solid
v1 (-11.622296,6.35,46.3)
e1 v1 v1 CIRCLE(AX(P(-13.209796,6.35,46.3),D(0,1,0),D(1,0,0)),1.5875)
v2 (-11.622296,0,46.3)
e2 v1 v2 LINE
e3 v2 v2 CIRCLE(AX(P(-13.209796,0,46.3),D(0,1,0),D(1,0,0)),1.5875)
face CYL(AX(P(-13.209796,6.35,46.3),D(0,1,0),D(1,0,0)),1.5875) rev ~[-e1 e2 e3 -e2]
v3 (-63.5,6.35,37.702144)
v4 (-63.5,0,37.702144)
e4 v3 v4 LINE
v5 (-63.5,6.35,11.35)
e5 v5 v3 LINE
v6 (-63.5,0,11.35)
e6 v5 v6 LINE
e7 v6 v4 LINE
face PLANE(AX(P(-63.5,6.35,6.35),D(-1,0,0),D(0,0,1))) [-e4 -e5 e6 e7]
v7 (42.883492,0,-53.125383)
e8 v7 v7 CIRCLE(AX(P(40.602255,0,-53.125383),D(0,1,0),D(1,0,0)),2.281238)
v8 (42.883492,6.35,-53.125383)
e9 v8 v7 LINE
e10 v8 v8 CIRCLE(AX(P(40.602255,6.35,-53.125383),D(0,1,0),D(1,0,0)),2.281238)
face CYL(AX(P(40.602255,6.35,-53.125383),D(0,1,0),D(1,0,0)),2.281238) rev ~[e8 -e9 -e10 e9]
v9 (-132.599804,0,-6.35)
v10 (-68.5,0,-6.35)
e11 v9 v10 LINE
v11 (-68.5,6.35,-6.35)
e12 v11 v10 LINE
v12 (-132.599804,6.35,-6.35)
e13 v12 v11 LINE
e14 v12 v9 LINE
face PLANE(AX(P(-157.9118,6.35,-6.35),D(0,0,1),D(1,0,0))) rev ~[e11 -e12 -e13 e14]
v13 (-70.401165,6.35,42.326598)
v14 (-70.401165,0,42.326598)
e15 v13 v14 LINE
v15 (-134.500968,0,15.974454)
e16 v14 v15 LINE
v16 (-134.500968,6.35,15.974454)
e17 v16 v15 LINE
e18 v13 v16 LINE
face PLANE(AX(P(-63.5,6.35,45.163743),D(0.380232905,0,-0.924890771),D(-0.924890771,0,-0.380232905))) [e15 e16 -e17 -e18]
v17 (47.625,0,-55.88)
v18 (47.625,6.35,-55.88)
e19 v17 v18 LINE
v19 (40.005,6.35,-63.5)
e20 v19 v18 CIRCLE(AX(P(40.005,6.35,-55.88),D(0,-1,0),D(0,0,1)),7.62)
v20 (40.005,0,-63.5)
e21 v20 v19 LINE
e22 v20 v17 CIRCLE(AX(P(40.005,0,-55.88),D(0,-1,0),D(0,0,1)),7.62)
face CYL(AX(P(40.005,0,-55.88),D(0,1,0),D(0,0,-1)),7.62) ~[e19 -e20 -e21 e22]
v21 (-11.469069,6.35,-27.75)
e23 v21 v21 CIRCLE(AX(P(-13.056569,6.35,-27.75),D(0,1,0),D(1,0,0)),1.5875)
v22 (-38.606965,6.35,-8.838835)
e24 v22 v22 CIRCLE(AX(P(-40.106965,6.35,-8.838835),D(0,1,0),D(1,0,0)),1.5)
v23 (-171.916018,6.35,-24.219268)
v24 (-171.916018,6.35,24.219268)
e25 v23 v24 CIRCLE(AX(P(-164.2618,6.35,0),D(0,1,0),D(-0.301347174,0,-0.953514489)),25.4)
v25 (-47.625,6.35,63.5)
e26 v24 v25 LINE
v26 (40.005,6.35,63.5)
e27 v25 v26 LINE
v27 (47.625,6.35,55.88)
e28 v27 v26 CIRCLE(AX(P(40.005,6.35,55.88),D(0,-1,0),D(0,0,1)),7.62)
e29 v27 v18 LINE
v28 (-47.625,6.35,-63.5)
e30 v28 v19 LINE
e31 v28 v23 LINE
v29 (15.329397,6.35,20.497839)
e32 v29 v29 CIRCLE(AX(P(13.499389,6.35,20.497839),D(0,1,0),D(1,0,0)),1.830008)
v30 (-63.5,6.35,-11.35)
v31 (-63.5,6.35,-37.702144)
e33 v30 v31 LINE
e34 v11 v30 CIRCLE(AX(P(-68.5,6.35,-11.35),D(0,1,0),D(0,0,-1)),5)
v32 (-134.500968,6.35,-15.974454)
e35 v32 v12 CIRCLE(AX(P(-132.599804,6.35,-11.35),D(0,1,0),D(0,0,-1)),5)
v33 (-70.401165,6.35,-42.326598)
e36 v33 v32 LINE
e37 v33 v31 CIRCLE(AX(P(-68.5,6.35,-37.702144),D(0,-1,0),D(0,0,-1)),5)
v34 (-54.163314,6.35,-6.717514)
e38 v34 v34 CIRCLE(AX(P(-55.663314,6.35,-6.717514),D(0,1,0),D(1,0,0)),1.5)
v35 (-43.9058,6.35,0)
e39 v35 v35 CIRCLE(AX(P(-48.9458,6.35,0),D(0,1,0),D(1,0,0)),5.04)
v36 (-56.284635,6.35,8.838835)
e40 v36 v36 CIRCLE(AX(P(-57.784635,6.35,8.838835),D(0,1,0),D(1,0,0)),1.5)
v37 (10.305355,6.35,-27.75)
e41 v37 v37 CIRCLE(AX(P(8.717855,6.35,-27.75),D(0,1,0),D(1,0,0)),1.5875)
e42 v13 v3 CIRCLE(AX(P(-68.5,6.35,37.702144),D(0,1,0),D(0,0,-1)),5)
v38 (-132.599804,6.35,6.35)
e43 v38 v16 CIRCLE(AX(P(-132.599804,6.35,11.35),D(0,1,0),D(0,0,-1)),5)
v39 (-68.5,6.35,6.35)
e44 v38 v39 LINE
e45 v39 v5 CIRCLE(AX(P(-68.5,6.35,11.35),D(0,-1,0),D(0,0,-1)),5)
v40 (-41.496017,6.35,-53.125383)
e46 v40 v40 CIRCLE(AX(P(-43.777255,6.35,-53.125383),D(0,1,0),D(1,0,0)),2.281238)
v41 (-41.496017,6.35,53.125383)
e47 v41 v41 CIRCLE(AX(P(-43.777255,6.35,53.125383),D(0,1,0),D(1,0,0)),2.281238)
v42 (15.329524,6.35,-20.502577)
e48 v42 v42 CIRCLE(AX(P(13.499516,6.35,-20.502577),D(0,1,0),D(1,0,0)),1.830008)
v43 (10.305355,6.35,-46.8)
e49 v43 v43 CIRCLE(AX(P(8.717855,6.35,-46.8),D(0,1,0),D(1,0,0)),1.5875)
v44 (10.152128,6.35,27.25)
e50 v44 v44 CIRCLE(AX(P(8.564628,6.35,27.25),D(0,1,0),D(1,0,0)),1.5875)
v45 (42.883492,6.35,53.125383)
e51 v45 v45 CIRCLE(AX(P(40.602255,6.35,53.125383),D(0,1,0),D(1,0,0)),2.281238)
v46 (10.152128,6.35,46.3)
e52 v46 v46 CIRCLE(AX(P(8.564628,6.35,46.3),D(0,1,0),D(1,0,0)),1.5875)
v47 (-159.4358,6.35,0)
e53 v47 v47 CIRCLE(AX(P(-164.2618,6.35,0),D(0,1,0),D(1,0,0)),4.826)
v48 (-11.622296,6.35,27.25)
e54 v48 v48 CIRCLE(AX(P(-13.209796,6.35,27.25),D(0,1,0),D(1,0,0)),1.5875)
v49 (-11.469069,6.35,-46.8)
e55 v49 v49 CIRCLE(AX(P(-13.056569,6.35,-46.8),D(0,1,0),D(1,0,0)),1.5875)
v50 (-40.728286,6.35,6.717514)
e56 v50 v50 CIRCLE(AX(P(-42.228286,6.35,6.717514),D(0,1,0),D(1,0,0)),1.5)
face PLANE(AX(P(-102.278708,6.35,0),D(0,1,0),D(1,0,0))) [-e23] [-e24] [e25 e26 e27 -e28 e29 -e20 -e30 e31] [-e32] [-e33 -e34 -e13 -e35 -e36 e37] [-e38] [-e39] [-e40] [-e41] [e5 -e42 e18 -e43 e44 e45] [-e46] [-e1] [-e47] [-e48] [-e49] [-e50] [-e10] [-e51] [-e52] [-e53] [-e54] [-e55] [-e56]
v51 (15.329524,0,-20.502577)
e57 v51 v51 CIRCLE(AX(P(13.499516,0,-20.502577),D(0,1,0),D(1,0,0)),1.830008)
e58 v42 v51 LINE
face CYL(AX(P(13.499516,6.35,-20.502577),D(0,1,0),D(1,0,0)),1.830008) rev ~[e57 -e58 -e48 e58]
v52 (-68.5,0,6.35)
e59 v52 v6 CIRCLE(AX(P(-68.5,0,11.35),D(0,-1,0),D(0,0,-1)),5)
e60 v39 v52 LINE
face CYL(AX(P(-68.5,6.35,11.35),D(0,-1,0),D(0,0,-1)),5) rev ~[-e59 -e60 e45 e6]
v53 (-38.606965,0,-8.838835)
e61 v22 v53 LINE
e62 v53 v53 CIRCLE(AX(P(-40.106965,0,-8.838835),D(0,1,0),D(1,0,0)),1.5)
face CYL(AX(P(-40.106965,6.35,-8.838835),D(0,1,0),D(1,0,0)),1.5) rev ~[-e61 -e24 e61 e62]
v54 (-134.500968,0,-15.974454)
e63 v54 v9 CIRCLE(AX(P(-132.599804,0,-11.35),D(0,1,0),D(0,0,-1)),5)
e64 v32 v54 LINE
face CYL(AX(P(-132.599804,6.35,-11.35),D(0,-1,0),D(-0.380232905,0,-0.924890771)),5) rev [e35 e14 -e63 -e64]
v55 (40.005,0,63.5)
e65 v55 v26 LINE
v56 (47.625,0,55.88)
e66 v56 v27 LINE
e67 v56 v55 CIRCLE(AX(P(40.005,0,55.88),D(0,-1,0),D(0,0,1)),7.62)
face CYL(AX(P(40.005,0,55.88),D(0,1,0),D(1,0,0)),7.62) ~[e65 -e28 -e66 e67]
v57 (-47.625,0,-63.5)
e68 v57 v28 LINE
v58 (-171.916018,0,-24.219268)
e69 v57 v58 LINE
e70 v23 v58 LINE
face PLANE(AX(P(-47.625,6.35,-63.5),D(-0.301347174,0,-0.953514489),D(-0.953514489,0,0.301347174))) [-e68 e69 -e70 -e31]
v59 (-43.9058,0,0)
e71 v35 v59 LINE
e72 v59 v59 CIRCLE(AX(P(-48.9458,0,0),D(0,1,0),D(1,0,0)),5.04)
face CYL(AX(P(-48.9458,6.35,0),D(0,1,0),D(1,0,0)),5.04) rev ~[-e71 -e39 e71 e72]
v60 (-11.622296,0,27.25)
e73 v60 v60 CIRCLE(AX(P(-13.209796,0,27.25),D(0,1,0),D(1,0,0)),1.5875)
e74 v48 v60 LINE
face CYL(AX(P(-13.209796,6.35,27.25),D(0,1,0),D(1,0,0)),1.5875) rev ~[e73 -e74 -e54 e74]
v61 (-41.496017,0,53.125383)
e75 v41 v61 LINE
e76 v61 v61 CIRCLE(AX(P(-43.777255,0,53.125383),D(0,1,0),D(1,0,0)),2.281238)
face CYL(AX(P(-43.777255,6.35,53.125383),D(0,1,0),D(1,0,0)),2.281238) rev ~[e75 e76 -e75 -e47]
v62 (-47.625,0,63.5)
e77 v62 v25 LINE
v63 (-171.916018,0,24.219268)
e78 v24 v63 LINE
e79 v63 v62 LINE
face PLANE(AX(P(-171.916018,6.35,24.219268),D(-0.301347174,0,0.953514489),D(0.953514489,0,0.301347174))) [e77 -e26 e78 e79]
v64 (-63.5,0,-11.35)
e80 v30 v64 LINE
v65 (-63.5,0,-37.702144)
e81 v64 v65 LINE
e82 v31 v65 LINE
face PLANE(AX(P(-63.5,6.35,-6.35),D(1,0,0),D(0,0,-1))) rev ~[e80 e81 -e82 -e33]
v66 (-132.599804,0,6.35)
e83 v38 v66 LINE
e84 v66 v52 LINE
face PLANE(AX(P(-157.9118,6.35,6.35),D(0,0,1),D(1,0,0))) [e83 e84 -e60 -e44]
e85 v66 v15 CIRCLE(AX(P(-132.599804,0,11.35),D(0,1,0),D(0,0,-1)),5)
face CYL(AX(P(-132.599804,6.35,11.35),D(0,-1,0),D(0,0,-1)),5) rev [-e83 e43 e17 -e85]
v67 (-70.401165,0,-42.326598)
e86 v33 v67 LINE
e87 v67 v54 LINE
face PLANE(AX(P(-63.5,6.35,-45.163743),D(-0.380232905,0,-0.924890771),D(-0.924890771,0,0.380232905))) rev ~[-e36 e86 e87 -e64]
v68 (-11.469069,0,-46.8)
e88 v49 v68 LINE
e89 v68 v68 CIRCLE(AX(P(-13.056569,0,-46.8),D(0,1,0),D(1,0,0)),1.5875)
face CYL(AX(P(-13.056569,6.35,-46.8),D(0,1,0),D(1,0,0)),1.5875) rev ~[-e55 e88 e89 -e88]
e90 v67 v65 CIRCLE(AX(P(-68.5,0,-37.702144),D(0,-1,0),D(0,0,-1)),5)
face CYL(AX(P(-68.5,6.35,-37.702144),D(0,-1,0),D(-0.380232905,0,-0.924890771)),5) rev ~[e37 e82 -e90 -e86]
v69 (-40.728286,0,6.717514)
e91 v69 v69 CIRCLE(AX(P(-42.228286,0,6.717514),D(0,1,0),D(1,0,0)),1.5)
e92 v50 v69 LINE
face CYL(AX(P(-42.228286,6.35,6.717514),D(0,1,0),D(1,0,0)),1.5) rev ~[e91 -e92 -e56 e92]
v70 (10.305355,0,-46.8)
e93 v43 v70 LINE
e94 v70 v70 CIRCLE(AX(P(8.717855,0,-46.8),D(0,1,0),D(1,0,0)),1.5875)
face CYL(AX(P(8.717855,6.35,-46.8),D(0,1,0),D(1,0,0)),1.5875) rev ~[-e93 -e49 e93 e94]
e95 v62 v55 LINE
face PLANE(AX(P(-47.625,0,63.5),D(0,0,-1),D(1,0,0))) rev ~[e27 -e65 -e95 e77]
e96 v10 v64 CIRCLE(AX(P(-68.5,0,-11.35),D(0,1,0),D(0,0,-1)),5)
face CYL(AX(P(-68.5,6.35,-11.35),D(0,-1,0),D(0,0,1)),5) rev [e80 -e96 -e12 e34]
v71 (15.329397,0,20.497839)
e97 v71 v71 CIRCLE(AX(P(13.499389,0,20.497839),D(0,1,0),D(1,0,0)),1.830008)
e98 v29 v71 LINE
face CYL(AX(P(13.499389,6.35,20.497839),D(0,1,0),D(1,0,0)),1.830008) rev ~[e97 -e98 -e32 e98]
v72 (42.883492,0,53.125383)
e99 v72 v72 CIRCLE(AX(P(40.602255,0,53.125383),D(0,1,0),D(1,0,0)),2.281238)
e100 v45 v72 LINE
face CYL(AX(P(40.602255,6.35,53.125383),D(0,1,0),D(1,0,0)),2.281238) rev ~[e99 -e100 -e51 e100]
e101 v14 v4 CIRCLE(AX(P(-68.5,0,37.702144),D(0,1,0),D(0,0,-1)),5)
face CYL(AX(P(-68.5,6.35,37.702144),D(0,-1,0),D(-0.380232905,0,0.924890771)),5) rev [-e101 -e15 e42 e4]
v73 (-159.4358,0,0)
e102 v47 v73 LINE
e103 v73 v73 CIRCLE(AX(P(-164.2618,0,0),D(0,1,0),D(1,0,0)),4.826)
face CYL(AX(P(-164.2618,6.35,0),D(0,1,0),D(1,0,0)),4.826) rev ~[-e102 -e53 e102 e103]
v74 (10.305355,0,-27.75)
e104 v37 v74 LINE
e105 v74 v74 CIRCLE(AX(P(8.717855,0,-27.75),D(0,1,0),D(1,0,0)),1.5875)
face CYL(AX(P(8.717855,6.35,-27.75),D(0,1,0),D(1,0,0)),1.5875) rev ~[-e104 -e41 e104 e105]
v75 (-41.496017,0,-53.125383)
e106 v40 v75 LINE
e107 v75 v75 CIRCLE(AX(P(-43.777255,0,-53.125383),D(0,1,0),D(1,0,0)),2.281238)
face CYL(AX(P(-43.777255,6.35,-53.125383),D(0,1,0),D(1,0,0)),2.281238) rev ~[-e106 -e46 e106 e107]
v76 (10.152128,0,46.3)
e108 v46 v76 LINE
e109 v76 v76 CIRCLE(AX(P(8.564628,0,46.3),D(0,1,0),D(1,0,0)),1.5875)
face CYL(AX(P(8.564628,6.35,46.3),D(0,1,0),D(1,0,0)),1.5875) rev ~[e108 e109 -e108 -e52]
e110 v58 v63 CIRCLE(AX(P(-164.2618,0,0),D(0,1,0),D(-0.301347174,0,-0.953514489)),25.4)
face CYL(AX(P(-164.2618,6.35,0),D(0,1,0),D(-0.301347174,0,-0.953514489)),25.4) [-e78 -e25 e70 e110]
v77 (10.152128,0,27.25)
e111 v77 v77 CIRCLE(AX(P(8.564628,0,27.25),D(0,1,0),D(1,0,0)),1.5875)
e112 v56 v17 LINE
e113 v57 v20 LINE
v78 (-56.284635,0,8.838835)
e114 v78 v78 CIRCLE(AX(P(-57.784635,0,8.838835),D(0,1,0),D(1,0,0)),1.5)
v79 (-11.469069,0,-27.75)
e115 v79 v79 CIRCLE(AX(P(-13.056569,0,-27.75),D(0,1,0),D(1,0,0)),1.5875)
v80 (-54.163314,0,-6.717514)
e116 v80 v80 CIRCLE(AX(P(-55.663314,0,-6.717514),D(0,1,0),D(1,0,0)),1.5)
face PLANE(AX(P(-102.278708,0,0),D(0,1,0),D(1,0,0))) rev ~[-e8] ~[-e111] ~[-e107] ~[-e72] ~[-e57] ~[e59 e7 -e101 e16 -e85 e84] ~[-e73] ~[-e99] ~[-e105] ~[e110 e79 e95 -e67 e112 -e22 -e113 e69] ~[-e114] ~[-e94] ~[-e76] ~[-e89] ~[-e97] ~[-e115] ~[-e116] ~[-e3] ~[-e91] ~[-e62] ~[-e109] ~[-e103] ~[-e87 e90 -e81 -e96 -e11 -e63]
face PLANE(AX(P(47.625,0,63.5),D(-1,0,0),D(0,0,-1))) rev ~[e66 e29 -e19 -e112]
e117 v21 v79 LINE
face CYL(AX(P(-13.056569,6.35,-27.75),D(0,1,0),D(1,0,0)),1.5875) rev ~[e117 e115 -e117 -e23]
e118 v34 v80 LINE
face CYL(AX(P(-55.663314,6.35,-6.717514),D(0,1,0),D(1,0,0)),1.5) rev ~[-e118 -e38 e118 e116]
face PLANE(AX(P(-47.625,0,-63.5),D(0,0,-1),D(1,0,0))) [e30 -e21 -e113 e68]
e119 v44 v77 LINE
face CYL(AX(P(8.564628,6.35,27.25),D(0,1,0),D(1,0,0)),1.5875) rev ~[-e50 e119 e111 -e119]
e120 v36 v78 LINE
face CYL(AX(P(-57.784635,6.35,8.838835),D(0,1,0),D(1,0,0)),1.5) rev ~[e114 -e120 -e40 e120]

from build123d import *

# Parameters (mm, degrees)
SKETCH1_W           = 95.25
SKETCH1_H           = 127
BOSS_EXTRUDE1_DEPTH = 6.35
BOSS_EXTRUDE3_DEPTH = 6.35
SKETCH5_R           = 4.826
SKETCH5_R_2         = 5.039999953
SKETCH5_R_3         = 1.5
CUT_EXTRUDE1_DEPTH  = 7.35
CUT_EXTRUDE2_DEPTH  = 7.35
FILLET9_R           = 5
FILLET10_R          = 7.62
SKETCH7_R           = 2.2812375
CUT_EXTRUDE3_DEPTH  = 7.35
SKETCH8_R           = 1.5875
CUT_EXTRUDE4_DEPTH  = 7.35
SKETCH9_R           = 1.830008083
CUT_EXTRUDE5_DEPTH  = 7.35


with BuildPart() as part:
    # Sketch1 → Boss-Extrude1 (new body)
    with BuildSketch(Plane(origin=(0, 0, 0), x_dir=(1, 0, 0), z_dir=(0, 1, 0))):
        Rectangle(SKETCH1_W, SKETCH1_H)
    extrude(amount=BOSS_EXTRUDE1_DEPTH)

    # Sketch4 → Boss-Extrude3 (add)
    with BuildSketch(Plane(origin=(0, 6.35, 0), x_dir=(1, 0, 0), z_dir=(0, 1, 0))):
        with BuildLine():
            Line((-47.625, 63.5), (-171.916018217, 24.219268021))
            ThreePointArc((-171.916018217, 24.219268021), (-189.6618, 0), (-171.916018217, -24.219268021))
            Line((-171.916018217, -24.219268021), (-47.625, -63.5))
            Line((-47.625, -63.5), (-47.625, 63.5))
        make_face()
    extrude(amount=-BOSS_EXTRUDE3_DEPTH)

    # Sketch5 → Cut-Extrude1 (cut, through all)
    with BuildSketch(Plane(origin=(0, 6.35, 0), x_dir=(1, 0, 0), z_dir=(0, 1, 0))):
        with Locations((-164.2618, 0)):
            Circle(SKETCH5_R)
        with Locations((-48.9458, 0)):
            Circle(SKETCH5_R_2)
        with Locations((-40.106965235, 8.838834765)):
            Circle(SKETCH5_R_3)
        with Locations((-57.784634765, -8.838834765)):
            Circle(SKETCH5_R_3)
        with Locations((-55.663314421, 6.717514421)):
            Circle(SKETCH5_R_3)
        with Locations((-42.228285579, -6.717514421)):
            Circle(SKETCH5_R_3)
    extrude(amount=-CUT_EXTRUDE1_DEPTH, mode=Mode.SUBTRACT)

    # Sketch6 → Cut-Extrude2 (cut, through all)
    with BuildSketch(Plane(origin=(0, 6.35, 0), x_dir=(1, 0, 0), z_dir=(0, 1, 0))):
        Polygon((-63.5, 45.163743355), (-157.9118, 6.35), (-63.5, 6.35), align=None)
        Polygon((-63.5, -6.35), (-63.5, -45.163743355), (-157.9118, -6.35), align=None)
    extrude(amount=-CUT_EXTRUDE2_DEPTH, mode=Mode.SUBTRACT)

    # Fillet9
    fillet9_edges = [part.edges().sort_by_distance(p)[0] for p in [
        (-63.5, 3.175, -45.163743355),
        (-63.5, 3.175, -6.35),
        (-157.9118, 3.175, -6.35),
        (-157.9118, 3.175, 6.35),
        (-63.5, 3.175, 6.35),
        (-63.5, 3.175, 45.163743355),
    ]]
    fillet(fillet9_edges, radius=FILLET9_R)

    # Fillet10
    fillet10_edges = [part.edges().sort_by_distance(p)[0] for p in [
        (47.625, 3.175, 63.5),
        (47.625, 3.175, -63.5),
    ]]
    fillet(fillet10_edges, radius=FILLET10_R)

    # Sketch7 → Cut-Extrude3 (cut, through all)
    with BuildSketch(Plane(origin=(0, 6.35, 0), x_dir=(1, 0, 0), z_dir=(0, 1, 0))):
        with Locations((-43.777254611, -53.125383493)):
            Circle(SKETCH7_R)
        with Locations((-43.777254611, 53.125383493)):
            Circle(SKETCH7_R)
        with Locations((40.602254611, 53.125383493)):
            Circle(SKETCH7_R)
        with Locations((40.602254611, -53.125383493)):
            Circle(SKETCH7_R)
    extrude(amount=-CUT_EXTRUDE3_DEPTH, mode=Mode.SUBTRACT)

    # Sketch8 → Cut-Extrude4 (cut, through all)
    with BuildSketch(Plane(origin=(0, 6.35, 0), x_dir=(1, 0, 0), z_dir=(0, 1, 0))):
        with Locations((-13.209796215, -27.25)):
            Circle(SKETCH8_R)
        with Locations((8.564628211, -27.25)):
            Circle(SKETCH8_R)
        with Locations((8.564628211, -46.3)):
            Circle(SKETCH8_R)
        with Locations((-13.209796215, -46.3)):
            Circle(SKETCH8_R)
        with Locations((8.717854945, 46.8)):
            Circle(SKETCH8_R)
        with Locations((-13.056569481, 27.75)):
            Circle(SKETCH8_R)
        with Locations((-13.056569481, 46.8)):
            Circle(SKETCH8_R)
        with Locations((8.717854945, 27.75)):
            Circle(SKETCH8_R)
    extrude(amount=-CUT_EXTRUDE4_DEPTH, mode=Mode.SUBTRACT)

    # Sketch9 → Cut-Extrude5 (cut, through all)
    with BuildSketch(Plane(origin=(0, 6.35, 0), x_dir=(1, 0, 0), z_dir=(0, 1, 0))):
        with Locations((13.499388849, -20.49783886)):
            Circle(SKETCH9_R)
        with Locations((13.49951585, 20.502576943)):
            Circle(SKETCH9_R)
    extrude(amount=-CUT_EXTRUDE5_DEPTH, mode=Mode.SUBTRACT)


solid = part.part
